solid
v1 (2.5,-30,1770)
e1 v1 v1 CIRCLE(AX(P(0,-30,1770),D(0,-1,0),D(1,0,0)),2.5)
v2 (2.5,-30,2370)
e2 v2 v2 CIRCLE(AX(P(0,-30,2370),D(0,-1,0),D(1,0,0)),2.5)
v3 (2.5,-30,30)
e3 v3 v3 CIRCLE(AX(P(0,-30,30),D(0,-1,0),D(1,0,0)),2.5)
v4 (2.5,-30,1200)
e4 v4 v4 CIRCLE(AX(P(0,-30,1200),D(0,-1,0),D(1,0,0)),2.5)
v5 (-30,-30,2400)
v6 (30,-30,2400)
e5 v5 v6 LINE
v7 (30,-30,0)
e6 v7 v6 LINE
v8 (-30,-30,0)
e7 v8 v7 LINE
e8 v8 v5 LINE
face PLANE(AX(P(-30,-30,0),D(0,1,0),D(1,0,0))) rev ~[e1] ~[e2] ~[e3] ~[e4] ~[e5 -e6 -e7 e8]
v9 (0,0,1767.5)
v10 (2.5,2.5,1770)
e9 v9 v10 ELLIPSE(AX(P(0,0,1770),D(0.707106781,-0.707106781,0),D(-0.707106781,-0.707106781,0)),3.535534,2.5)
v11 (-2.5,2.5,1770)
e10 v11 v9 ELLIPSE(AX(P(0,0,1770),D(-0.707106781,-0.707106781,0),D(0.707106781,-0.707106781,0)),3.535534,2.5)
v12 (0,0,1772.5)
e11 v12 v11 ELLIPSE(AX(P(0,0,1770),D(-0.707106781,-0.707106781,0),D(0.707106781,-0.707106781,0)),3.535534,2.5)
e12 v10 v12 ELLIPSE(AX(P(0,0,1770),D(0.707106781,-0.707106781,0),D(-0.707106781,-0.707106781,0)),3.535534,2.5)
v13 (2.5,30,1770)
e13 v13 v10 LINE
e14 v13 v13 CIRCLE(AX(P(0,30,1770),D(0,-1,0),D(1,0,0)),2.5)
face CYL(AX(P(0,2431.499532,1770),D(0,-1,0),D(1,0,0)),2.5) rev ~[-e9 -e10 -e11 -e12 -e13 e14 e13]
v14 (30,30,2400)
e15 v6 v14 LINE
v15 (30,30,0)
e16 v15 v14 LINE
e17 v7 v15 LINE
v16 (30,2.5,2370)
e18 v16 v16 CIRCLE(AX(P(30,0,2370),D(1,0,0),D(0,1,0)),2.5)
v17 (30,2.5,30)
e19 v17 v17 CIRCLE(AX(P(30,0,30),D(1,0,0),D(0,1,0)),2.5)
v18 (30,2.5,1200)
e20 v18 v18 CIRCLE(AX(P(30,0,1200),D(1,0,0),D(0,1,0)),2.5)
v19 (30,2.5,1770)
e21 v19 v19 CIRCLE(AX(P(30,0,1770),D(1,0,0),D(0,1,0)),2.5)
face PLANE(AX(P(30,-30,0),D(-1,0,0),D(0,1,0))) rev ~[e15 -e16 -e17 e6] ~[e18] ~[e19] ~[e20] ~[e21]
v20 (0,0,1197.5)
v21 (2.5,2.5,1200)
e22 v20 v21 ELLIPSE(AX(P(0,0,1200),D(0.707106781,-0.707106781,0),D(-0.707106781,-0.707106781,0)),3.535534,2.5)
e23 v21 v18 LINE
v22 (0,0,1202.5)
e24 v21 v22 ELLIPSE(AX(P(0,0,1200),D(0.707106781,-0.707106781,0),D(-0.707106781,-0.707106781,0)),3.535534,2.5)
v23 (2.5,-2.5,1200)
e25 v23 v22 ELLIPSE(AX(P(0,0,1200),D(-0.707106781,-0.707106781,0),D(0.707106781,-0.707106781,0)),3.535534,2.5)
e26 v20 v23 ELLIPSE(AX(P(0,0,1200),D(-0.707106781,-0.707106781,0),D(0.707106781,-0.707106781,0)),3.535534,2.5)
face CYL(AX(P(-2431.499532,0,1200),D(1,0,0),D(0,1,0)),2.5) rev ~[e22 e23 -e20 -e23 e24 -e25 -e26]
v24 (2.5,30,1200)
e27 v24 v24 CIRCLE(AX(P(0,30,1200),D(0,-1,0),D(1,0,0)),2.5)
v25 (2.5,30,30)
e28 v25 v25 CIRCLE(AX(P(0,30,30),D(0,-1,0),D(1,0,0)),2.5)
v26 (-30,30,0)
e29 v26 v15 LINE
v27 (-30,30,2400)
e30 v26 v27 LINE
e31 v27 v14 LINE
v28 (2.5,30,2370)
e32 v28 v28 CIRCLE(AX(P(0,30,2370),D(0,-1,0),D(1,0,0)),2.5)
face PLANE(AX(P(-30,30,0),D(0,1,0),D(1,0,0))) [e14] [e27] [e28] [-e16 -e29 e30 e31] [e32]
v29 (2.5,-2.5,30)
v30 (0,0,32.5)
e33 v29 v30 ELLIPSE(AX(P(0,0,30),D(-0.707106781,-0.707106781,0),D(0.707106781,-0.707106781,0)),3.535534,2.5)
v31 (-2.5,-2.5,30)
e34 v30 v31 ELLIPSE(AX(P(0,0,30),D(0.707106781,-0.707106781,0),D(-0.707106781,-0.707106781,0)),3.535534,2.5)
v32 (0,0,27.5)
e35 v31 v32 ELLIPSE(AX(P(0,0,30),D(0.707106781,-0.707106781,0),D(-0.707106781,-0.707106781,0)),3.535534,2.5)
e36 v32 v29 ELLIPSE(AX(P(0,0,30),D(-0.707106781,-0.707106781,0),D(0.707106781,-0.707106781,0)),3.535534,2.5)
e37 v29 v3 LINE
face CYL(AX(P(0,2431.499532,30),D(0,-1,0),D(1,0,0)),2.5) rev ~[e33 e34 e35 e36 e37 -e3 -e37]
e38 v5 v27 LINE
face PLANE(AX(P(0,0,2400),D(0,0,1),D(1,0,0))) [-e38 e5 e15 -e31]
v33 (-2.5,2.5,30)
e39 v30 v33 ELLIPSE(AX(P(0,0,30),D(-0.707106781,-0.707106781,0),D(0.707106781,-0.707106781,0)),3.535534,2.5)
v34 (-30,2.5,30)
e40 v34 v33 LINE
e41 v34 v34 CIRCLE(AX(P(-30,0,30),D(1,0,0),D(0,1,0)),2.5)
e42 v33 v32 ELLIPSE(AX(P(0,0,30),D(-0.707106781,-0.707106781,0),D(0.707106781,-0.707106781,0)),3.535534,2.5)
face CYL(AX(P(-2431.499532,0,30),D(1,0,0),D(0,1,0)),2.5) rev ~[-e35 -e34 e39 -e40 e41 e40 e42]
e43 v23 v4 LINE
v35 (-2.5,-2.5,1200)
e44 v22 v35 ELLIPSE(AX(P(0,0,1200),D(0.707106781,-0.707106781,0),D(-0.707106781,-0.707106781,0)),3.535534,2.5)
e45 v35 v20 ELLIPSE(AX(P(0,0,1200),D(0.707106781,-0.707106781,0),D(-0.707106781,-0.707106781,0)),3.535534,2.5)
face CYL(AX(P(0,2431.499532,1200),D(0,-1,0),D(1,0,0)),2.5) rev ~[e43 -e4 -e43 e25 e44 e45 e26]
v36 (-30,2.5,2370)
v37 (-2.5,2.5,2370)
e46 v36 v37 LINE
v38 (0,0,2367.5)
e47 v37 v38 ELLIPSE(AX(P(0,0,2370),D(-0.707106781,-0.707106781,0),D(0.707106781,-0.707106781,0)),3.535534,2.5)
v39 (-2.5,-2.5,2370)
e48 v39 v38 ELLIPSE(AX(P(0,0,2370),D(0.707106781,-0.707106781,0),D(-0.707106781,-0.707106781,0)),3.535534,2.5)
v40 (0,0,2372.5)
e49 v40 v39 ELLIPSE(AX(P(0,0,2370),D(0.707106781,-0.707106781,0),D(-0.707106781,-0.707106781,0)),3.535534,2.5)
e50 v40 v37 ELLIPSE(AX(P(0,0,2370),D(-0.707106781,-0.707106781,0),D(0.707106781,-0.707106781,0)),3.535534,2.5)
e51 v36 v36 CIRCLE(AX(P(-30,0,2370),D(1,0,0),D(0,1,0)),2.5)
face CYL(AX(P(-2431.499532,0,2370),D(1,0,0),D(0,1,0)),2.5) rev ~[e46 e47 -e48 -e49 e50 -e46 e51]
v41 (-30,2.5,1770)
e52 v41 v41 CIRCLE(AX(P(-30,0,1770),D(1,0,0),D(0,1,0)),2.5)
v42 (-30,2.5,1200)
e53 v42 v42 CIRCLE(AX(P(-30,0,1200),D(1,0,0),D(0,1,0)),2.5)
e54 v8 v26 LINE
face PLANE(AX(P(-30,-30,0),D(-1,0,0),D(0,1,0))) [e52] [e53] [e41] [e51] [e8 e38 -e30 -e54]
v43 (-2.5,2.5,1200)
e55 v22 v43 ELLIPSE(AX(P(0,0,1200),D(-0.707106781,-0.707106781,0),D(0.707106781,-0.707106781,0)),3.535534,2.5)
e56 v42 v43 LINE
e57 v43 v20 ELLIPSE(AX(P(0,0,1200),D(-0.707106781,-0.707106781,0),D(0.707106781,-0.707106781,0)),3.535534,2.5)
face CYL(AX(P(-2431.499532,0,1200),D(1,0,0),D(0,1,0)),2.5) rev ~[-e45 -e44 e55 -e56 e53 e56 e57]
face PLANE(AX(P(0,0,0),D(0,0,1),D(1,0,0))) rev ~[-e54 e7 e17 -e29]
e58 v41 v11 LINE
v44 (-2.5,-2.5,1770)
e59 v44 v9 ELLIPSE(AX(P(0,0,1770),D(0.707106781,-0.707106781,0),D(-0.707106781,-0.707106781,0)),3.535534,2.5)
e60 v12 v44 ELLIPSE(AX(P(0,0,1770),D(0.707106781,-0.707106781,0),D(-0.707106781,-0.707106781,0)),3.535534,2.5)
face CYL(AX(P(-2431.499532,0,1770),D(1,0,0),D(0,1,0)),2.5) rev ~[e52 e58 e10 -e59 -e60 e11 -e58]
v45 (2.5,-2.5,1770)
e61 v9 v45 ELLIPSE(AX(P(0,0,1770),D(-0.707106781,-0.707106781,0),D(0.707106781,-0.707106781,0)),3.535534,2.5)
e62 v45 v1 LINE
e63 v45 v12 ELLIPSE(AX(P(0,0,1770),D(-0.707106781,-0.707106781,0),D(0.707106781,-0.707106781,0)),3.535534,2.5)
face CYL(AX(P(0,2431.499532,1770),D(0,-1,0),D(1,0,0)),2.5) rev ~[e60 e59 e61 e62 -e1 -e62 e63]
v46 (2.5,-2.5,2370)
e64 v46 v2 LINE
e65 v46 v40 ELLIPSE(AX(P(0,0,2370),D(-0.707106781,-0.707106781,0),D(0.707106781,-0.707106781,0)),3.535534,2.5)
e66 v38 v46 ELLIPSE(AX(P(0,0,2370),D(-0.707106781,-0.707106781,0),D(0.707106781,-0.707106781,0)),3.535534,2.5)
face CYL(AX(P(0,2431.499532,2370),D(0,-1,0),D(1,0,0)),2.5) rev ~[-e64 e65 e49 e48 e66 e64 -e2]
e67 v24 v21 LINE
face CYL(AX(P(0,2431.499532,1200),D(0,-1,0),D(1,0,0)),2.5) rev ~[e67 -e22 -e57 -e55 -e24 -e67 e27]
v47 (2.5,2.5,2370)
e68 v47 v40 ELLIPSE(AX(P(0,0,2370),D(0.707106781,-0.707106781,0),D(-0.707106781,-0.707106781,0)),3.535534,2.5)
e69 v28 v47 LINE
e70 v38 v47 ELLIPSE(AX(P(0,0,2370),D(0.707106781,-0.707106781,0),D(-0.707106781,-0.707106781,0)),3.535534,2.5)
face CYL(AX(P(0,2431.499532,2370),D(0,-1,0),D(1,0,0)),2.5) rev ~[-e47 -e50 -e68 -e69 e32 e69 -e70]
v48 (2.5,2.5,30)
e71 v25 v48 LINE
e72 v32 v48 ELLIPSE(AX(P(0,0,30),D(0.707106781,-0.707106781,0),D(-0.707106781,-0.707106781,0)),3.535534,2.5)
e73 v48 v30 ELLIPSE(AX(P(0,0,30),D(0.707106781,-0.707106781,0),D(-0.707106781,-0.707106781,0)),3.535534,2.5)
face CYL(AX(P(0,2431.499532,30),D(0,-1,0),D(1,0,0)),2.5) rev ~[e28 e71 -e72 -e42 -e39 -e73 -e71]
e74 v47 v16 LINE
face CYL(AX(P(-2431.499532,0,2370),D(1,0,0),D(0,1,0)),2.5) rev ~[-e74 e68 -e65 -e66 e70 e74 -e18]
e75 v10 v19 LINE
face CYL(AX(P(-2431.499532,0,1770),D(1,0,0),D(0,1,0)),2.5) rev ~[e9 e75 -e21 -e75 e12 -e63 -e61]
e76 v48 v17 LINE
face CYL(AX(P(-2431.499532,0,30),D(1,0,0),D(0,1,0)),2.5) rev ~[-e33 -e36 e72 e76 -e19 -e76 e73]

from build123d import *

# Parameters (mm, degrees)
F1_W       = 60
F1_H       = 60
F2_DEPTH   = 2400
F5_D       = 5
F5_ON_F3_D = 5


with BuildPart() as f2:
    # F1 (on Top) → F2 (new body)
    with BuildSketch(Plane.XY):
        Rectangle(F1_W, F1_H)
    extrude(amount=F2_DEPTH)

    # F5 (through all)
    with Locations(Plane(origin=(0, 30, 0), x_dir=(-1, 0, 0), z_dir=(0, 1, 0))):
        with Locations((0, 1200), (0, 30), (0, 2370), (0, 1770)):
            Hole(F5_D / 2)

    # F5 on F3 (through all)
    with Locations(Plane(origin=(-30, 0, 0), x_dir=(0, -1, 0), z_dir=(-1, 0, 0))):
        with Locations((0, 1200), (0, 30), (0, 2370), (0, 1770)):
            Hole(F5_ON_F3_D / 2)


solid = f2.part
